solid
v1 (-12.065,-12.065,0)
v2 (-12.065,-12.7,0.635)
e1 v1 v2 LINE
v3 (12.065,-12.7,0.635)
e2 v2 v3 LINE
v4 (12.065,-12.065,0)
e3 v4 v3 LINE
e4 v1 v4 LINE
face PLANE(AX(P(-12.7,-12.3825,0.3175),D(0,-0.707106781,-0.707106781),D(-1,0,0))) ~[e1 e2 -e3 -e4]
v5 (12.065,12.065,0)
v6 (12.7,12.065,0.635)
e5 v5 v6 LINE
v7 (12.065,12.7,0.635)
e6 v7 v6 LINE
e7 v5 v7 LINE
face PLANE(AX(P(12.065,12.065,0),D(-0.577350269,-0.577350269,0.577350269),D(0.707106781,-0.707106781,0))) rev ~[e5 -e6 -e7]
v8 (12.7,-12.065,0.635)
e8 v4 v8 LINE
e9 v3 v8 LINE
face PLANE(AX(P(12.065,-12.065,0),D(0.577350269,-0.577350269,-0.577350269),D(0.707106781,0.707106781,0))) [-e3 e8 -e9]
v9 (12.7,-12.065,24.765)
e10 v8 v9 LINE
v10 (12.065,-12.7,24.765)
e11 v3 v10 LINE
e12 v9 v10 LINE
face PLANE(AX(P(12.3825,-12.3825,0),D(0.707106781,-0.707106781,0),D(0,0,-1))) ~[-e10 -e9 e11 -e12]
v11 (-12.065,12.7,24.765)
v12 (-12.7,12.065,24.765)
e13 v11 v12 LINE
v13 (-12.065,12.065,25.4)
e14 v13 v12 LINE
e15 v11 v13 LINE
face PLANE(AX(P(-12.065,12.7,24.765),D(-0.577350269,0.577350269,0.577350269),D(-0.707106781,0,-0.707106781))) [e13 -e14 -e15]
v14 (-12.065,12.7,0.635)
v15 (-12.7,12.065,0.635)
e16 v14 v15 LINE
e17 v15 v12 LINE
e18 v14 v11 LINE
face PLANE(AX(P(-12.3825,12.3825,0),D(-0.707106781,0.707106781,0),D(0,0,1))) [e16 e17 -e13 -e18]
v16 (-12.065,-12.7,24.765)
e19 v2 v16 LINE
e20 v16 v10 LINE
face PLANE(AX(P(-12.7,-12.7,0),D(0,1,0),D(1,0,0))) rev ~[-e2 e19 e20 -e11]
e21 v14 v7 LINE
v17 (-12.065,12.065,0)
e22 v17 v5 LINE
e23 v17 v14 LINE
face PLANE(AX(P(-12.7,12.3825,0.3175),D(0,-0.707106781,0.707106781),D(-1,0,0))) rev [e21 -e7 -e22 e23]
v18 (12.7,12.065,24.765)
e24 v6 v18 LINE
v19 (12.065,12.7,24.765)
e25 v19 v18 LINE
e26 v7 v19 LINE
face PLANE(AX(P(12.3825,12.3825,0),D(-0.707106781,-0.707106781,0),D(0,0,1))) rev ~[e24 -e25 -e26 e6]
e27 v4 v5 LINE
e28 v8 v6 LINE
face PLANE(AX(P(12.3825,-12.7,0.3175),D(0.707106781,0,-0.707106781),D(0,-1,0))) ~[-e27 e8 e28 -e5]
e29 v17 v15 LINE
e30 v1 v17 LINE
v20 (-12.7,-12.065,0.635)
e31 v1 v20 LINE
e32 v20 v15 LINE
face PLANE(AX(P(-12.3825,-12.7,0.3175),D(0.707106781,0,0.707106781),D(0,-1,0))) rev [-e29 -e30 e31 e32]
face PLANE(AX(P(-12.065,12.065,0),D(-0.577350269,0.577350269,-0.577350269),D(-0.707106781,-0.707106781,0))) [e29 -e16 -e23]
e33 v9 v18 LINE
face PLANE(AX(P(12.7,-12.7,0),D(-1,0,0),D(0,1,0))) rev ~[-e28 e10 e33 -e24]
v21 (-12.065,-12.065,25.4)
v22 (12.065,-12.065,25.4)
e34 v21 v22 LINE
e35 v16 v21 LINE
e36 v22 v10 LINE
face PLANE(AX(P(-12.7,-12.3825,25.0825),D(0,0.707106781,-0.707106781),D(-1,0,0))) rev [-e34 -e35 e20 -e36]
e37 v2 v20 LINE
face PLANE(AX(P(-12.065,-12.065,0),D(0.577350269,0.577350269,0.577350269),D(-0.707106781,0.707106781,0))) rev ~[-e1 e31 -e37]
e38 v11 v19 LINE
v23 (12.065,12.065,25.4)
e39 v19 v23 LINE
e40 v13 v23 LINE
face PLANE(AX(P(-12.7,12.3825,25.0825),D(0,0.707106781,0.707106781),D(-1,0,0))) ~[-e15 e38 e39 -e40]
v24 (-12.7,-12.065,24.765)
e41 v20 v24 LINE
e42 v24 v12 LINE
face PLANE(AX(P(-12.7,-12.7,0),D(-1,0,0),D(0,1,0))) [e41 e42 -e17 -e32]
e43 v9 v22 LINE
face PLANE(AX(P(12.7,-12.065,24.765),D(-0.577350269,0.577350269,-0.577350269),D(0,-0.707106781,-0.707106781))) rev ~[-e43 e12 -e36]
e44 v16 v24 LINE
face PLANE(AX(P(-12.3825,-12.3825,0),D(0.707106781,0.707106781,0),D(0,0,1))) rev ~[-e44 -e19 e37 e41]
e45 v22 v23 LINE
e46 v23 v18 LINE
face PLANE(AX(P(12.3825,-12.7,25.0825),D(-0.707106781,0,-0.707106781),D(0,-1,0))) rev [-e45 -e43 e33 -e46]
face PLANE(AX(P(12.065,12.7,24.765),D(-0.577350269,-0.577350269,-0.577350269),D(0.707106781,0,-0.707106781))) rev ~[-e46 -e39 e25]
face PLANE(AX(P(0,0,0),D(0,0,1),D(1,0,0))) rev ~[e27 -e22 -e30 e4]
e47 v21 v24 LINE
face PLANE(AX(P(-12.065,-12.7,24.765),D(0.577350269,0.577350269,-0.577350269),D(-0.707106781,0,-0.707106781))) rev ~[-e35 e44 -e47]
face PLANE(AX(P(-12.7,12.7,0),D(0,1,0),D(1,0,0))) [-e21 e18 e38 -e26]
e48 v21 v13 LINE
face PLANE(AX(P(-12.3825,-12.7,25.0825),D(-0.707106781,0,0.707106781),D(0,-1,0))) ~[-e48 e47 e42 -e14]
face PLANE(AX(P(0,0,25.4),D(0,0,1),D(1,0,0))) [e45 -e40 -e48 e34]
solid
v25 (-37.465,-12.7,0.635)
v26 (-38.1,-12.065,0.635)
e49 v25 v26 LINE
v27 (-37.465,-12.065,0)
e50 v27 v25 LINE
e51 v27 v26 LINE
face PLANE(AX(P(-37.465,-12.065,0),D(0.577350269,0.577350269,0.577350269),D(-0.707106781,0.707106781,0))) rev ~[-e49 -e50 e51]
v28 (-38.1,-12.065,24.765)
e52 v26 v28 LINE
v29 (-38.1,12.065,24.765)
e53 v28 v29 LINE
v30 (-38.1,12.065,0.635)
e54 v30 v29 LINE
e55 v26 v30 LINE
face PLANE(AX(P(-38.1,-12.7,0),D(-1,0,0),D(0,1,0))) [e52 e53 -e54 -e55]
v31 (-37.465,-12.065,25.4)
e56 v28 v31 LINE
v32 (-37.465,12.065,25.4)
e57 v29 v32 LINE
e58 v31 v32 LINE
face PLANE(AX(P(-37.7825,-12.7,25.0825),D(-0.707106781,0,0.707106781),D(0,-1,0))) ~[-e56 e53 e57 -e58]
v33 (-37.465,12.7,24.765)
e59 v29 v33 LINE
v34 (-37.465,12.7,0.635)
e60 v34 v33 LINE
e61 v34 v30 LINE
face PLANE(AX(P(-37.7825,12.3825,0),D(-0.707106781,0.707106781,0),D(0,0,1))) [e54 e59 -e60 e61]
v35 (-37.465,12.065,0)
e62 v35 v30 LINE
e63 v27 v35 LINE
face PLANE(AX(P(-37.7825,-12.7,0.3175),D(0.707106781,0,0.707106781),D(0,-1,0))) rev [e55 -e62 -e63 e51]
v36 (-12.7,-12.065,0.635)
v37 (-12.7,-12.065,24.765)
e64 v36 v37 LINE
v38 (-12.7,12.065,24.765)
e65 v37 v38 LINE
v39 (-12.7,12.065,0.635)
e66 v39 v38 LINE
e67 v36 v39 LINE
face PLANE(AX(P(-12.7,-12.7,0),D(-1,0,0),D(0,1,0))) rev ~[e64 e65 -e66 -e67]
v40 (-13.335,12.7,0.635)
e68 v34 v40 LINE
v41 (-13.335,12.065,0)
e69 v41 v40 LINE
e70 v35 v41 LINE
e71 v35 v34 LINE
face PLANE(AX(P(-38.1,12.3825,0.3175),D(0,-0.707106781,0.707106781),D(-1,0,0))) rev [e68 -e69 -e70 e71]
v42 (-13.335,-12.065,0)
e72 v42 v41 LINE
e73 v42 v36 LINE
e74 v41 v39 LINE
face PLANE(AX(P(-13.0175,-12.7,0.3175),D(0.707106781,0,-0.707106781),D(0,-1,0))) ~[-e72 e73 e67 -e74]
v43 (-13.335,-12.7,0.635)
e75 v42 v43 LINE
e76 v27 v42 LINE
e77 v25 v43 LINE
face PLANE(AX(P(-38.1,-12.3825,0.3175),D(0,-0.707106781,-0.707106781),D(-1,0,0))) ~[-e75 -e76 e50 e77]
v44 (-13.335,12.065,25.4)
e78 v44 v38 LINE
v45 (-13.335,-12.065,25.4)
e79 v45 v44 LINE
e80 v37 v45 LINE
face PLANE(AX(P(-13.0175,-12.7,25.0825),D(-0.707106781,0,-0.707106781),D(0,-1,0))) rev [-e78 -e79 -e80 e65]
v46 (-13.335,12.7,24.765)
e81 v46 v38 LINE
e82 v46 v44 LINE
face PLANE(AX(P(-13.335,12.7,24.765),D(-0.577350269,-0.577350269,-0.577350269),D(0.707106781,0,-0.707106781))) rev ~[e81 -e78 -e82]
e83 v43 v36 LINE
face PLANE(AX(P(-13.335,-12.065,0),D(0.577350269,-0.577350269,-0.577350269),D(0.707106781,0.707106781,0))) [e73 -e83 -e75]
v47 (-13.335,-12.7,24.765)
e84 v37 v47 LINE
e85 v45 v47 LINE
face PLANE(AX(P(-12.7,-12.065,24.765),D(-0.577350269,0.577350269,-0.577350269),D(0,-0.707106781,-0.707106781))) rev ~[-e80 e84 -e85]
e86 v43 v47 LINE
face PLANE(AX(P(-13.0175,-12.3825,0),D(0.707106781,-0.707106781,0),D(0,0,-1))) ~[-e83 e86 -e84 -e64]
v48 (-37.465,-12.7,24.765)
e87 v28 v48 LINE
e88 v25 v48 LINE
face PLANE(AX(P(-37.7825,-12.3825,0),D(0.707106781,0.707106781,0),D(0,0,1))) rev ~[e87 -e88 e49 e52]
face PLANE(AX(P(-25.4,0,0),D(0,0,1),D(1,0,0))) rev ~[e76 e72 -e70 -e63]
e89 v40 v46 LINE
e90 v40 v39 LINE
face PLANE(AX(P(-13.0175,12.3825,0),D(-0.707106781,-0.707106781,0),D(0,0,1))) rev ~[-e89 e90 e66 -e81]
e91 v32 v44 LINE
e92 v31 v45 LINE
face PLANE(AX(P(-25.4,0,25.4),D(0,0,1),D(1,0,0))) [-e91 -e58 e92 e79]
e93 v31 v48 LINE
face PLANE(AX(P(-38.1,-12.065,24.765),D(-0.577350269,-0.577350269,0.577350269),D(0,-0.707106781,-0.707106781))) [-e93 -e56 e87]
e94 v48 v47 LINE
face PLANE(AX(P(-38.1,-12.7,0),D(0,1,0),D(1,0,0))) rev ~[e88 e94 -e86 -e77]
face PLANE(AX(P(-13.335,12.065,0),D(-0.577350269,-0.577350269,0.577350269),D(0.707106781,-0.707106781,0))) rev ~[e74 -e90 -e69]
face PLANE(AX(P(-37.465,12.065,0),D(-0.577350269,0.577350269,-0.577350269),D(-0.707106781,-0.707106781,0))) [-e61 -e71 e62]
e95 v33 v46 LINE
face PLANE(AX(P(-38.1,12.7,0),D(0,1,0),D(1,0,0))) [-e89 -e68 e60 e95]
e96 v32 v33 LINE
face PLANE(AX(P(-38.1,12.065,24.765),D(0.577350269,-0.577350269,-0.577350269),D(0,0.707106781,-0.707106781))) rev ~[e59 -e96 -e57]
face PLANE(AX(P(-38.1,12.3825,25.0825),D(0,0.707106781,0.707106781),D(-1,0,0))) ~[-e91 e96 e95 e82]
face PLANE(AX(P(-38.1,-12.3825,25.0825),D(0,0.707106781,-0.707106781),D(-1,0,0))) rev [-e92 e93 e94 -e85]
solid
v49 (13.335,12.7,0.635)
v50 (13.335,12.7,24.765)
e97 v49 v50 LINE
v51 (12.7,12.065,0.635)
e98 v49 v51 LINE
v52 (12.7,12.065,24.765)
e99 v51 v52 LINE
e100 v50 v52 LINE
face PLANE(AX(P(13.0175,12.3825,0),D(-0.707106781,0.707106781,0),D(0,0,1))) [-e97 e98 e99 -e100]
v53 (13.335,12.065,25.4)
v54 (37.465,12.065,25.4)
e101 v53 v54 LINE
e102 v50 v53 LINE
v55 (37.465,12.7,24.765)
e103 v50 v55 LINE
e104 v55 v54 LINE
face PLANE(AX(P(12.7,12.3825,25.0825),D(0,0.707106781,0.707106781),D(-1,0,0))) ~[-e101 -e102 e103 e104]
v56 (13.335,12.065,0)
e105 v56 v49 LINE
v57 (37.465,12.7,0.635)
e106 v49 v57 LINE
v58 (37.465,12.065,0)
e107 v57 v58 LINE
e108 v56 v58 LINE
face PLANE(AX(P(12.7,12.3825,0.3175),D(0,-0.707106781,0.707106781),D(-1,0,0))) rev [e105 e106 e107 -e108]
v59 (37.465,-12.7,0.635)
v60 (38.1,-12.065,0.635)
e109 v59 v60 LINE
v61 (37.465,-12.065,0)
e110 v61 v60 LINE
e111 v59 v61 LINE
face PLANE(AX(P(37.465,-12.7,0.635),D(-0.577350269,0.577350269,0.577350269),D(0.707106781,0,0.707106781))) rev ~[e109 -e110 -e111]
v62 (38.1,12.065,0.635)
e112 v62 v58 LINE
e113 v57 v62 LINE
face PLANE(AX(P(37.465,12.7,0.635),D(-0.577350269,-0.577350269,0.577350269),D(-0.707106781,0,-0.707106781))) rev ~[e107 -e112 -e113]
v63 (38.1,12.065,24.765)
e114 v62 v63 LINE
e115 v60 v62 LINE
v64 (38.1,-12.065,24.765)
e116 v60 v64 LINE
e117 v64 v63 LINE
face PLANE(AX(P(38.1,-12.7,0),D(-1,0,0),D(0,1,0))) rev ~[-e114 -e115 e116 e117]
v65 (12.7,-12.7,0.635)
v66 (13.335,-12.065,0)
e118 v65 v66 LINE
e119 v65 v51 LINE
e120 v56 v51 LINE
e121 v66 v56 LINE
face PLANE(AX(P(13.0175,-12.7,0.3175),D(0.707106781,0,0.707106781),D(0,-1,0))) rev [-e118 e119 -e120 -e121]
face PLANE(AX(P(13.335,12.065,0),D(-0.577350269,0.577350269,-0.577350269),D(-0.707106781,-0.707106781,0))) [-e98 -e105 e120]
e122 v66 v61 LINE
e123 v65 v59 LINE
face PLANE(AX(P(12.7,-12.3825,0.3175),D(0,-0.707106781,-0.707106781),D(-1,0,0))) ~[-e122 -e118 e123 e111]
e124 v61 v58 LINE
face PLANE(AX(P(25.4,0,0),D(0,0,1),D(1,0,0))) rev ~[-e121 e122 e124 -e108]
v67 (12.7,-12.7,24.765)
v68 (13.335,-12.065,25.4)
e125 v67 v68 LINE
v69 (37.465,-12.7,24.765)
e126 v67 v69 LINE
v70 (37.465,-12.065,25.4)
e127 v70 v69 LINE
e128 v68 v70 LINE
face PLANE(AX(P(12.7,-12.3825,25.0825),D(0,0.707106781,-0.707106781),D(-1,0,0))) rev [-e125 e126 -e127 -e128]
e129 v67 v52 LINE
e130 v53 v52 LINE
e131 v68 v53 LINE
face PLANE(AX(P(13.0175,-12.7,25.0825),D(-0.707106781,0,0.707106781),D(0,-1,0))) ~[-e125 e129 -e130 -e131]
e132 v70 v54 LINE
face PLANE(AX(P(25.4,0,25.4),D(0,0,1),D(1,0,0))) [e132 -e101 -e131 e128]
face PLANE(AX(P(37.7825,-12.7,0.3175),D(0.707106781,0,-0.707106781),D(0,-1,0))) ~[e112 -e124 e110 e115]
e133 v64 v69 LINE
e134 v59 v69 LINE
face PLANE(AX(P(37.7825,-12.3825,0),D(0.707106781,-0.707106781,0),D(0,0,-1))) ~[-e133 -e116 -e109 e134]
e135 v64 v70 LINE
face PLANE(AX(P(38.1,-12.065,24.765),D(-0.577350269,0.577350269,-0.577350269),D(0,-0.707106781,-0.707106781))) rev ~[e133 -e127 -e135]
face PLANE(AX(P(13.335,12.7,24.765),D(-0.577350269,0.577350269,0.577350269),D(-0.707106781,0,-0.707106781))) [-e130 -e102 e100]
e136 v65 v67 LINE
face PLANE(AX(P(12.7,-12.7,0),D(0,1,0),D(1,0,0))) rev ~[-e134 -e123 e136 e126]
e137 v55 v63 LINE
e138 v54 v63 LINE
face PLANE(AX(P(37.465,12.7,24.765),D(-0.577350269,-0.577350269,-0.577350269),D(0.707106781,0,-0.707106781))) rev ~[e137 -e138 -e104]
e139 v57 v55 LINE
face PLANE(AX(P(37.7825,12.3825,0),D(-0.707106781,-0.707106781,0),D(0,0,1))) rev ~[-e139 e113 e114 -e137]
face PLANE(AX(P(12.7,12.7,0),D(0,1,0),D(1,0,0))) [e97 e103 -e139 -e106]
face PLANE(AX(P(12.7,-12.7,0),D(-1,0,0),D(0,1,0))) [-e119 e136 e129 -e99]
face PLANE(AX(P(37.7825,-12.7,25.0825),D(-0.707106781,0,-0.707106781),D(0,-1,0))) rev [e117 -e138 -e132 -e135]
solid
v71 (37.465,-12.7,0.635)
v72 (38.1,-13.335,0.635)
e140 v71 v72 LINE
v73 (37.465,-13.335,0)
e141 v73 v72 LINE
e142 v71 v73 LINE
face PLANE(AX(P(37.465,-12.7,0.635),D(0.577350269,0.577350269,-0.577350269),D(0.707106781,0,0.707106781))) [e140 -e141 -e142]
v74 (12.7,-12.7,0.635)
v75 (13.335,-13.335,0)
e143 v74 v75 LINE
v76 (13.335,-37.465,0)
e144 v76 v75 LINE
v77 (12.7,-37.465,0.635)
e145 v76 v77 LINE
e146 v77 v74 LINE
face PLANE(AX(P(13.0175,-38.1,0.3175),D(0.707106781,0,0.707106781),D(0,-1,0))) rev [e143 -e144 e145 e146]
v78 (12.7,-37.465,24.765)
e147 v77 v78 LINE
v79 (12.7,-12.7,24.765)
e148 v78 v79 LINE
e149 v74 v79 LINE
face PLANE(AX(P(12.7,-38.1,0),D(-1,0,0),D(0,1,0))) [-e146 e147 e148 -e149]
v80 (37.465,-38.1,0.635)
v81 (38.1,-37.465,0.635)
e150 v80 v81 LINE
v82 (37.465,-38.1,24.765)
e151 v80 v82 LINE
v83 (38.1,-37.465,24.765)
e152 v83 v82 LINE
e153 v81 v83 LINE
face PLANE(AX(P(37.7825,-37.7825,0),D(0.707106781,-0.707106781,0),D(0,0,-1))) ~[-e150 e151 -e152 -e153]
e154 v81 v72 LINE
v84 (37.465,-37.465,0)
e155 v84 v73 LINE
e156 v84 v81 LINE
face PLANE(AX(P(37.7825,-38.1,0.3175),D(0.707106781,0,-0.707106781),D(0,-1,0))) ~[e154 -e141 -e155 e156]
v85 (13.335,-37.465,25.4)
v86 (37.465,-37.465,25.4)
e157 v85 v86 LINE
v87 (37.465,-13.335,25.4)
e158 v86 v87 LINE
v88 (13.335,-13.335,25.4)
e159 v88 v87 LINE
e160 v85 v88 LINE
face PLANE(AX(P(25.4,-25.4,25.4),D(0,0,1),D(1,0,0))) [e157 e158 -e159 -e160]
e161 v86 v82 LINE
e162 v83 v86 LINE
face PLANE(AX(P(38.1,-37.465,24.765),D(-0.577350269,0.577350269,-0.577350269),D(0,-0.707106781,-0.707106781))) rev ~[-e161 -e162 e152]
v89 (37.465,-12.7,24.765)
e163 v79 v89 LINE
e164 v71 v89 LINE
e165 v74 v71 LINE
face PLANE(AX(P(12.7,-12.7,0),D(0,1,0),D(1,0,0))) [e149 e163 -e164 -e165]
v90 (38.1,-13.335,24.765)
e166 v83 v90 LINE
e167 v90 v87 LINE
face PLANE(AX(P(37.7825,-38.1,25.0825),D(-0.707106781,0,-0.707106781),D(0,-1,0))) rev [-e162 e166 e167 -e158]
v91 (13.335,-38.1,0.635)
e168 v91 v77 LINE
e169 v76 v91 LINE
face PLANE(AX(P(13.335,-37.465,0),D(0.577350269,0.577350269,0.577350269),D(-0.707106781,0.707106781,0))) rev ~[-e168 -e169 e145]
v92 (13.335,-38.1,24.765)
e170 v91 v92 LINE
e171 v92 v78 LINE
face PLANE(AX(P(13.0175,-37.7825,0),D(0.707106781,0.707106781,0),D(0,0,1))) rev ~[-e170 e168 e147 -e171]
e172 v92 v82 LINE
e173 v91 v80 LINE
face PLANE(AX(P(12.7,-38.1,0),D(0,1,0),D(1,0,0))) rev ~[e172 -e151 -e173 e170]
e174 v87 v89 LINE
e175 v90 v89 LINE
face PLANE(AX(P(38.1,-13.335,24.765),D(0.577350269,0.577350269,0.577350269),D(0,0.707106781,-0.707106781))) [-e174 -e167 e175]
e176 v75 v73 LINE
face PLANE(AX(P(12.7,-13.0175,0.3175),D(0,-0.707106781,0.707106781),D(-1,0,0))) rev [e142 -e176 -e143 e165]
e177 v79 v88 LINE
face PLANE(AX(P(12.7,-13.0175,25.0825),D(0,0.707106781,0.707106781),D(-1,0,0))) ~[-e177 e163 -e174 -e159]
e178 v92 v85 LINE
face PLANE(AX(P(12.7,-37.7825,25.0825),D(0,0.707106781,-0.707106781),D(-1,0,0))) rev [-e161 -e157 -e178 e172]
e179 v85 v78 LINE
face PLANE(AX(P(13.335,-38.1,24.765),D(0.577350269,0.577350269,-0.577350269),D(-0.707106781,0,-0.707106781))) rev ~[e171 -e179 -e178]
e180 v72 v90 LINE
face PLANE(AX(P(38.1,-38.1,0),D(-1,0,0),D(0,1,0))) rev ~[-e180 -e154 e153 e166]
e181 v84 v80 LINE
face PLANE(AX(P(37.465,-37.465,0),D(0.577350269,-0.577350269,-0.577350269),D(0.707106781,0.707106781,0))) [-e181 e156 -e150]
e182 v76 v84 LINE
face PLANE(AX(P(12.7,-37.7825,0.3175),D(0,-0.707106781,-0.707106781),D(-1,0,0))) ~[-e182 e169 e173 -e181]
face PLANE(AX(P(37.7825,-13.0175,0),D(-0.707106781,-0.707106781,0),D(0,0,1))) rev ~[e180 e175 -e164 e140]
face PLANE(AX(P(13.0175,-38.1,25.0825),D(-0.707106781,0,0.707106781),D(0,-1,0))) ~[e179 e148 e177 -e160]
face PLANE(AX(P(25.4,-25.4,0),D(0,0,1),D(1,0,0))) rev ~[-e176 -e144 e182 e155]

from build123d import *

# Parameters (mm, degrees)
F0_W      = 25.4
F0_H      = 25.4
F1_DEPTH  = 25.4
F2_DEPTH  = 25.4
F3_DEPTH  = 25.4
F4_DEPTH  = 25.4
F5_SIZE   = 0.635
F5_2_SIZE = 0.635
F5_3_SIZE = 0.635
F5_4_SIZE = 0.635


with BuildPart() as f1:
    # F0 (on Top) → F1 (new body)
    with BuildSketch(Plane.XY):
        with Locations((-25.4, 0)):
            Rectangle(F0_W, F0_H)
    extrude(amount=F1_DEPTH)

    # F5
    f5_edges = [f1.edges().sort_by_distance(p)[0] for p in [
        (-25.4, -12.7, 25.4),
        (-12.7, 0, 25.4),
        (-25.4, 12.7, 25.4),
        (-38.1, 0, 25.4),
        (-38.1, -12.7, 12.7),
        (-12.7, -12.7, 12.7),
        (-25.4, -12.7, 0),
        (-12.7, 12.7, 12.7),
        (-38.1, 12.7, 12.7),
        (-25.4, 12.7, 0),
        (-12.7, 0, 0),
        (-38.1, 0, 0),
    ]]
    chamfer(f5_edges, length=F5_SIZE)


with BuildPart() as f2:
    # F0 (on Top) → F2 (new body)
    with BuildSketch(Plane.XY):
        with Locations((25.4, -25.4)):
            Rectangle(F0_W, F0_H)
    extrude(amount=F2_DEPTH)

    # F5#4
    f5_4_edges = [f2.edges().sort_by_distance(p)[0] for p in [
        (25.4, -12.7, 25.4),
        (12.7, -25.4, 25.4),
        (25.4, -38.1, 25.4),
        (38.1, -25.4, 25.4),
        (12.7, -38.1, 12.7),
        (38.1, -38.1, 12.7),
        (25.4, -38.1, 0),
        (38.1, -25.4, 0),
        (25.4, -12.7, 0),
        (12.7, -25.4, 0),
        (38.1, -12.7, 12.7),
    ]]
    chamfer(f5_4_edges, length=F5_4_SIZE)


with BuildPart() as f3:
    # F0 (on Top) → F3 (new body)
    with BuildSketch(Plane.XY):
        Rectangle(F0_W, F0_H)
    extrude(amount=F3_DEPTH)

    # F5#2
    f5_2_edges = [f3.edges().sort_by_distance(p)[0] for p in [
        (-12.7, 0, 25.4),
        (0, -12.7, 25.4),
        (12.7, 0, 25.4),
        (0, 12.7, 25.4),
        (-12.7, -12.7, 12.7),
        (12.7, -12.7, 12.7),
        (0, -12.7, 0),
        (-12.7, 12.7, 12.7),
        (12.7, 12.7, 12.7),
        (0, 12.7, 0),
        (-12.7, 0, 0),
        (12.7, 0, 0),
    ]]
    chamfer(f5_2_edges, length=F5_2_SIZE)


with BuildPart() as f4:
    # F0 (on Top) → F4 (new body)
    with BuildSketch(Plane.XY):
        with Locations((25.4, 0)):
            Rectangle(F0_W, F0_H)
    extrude(amount=F4_DEPTH)

    # F5#3
    f5_3_edges = [f4.edges().sort_by_distance(p)[0] for p in [
        (12.7, 0, 25.4),
        (25.4, -12.7, 25.4),
        (38.1, 0, 25.4),
        (25.4, 12.7, 25.4),
        (38.1, 0, 0),
        (12.7, 12.7, 12.7),
        (38.1, 12.7, 12.7),
        (25.4, 12.7, 0),
        (12.7, 0, 0),
        (25.4, -12.7, 0),
        (38.1, -12.7, 12.7),
    ]]
    chamfer(f5_3_edges, length=F5_3_SIZE)


solid = Compound([f1.part, f2.part, f3.part, f4.part])
